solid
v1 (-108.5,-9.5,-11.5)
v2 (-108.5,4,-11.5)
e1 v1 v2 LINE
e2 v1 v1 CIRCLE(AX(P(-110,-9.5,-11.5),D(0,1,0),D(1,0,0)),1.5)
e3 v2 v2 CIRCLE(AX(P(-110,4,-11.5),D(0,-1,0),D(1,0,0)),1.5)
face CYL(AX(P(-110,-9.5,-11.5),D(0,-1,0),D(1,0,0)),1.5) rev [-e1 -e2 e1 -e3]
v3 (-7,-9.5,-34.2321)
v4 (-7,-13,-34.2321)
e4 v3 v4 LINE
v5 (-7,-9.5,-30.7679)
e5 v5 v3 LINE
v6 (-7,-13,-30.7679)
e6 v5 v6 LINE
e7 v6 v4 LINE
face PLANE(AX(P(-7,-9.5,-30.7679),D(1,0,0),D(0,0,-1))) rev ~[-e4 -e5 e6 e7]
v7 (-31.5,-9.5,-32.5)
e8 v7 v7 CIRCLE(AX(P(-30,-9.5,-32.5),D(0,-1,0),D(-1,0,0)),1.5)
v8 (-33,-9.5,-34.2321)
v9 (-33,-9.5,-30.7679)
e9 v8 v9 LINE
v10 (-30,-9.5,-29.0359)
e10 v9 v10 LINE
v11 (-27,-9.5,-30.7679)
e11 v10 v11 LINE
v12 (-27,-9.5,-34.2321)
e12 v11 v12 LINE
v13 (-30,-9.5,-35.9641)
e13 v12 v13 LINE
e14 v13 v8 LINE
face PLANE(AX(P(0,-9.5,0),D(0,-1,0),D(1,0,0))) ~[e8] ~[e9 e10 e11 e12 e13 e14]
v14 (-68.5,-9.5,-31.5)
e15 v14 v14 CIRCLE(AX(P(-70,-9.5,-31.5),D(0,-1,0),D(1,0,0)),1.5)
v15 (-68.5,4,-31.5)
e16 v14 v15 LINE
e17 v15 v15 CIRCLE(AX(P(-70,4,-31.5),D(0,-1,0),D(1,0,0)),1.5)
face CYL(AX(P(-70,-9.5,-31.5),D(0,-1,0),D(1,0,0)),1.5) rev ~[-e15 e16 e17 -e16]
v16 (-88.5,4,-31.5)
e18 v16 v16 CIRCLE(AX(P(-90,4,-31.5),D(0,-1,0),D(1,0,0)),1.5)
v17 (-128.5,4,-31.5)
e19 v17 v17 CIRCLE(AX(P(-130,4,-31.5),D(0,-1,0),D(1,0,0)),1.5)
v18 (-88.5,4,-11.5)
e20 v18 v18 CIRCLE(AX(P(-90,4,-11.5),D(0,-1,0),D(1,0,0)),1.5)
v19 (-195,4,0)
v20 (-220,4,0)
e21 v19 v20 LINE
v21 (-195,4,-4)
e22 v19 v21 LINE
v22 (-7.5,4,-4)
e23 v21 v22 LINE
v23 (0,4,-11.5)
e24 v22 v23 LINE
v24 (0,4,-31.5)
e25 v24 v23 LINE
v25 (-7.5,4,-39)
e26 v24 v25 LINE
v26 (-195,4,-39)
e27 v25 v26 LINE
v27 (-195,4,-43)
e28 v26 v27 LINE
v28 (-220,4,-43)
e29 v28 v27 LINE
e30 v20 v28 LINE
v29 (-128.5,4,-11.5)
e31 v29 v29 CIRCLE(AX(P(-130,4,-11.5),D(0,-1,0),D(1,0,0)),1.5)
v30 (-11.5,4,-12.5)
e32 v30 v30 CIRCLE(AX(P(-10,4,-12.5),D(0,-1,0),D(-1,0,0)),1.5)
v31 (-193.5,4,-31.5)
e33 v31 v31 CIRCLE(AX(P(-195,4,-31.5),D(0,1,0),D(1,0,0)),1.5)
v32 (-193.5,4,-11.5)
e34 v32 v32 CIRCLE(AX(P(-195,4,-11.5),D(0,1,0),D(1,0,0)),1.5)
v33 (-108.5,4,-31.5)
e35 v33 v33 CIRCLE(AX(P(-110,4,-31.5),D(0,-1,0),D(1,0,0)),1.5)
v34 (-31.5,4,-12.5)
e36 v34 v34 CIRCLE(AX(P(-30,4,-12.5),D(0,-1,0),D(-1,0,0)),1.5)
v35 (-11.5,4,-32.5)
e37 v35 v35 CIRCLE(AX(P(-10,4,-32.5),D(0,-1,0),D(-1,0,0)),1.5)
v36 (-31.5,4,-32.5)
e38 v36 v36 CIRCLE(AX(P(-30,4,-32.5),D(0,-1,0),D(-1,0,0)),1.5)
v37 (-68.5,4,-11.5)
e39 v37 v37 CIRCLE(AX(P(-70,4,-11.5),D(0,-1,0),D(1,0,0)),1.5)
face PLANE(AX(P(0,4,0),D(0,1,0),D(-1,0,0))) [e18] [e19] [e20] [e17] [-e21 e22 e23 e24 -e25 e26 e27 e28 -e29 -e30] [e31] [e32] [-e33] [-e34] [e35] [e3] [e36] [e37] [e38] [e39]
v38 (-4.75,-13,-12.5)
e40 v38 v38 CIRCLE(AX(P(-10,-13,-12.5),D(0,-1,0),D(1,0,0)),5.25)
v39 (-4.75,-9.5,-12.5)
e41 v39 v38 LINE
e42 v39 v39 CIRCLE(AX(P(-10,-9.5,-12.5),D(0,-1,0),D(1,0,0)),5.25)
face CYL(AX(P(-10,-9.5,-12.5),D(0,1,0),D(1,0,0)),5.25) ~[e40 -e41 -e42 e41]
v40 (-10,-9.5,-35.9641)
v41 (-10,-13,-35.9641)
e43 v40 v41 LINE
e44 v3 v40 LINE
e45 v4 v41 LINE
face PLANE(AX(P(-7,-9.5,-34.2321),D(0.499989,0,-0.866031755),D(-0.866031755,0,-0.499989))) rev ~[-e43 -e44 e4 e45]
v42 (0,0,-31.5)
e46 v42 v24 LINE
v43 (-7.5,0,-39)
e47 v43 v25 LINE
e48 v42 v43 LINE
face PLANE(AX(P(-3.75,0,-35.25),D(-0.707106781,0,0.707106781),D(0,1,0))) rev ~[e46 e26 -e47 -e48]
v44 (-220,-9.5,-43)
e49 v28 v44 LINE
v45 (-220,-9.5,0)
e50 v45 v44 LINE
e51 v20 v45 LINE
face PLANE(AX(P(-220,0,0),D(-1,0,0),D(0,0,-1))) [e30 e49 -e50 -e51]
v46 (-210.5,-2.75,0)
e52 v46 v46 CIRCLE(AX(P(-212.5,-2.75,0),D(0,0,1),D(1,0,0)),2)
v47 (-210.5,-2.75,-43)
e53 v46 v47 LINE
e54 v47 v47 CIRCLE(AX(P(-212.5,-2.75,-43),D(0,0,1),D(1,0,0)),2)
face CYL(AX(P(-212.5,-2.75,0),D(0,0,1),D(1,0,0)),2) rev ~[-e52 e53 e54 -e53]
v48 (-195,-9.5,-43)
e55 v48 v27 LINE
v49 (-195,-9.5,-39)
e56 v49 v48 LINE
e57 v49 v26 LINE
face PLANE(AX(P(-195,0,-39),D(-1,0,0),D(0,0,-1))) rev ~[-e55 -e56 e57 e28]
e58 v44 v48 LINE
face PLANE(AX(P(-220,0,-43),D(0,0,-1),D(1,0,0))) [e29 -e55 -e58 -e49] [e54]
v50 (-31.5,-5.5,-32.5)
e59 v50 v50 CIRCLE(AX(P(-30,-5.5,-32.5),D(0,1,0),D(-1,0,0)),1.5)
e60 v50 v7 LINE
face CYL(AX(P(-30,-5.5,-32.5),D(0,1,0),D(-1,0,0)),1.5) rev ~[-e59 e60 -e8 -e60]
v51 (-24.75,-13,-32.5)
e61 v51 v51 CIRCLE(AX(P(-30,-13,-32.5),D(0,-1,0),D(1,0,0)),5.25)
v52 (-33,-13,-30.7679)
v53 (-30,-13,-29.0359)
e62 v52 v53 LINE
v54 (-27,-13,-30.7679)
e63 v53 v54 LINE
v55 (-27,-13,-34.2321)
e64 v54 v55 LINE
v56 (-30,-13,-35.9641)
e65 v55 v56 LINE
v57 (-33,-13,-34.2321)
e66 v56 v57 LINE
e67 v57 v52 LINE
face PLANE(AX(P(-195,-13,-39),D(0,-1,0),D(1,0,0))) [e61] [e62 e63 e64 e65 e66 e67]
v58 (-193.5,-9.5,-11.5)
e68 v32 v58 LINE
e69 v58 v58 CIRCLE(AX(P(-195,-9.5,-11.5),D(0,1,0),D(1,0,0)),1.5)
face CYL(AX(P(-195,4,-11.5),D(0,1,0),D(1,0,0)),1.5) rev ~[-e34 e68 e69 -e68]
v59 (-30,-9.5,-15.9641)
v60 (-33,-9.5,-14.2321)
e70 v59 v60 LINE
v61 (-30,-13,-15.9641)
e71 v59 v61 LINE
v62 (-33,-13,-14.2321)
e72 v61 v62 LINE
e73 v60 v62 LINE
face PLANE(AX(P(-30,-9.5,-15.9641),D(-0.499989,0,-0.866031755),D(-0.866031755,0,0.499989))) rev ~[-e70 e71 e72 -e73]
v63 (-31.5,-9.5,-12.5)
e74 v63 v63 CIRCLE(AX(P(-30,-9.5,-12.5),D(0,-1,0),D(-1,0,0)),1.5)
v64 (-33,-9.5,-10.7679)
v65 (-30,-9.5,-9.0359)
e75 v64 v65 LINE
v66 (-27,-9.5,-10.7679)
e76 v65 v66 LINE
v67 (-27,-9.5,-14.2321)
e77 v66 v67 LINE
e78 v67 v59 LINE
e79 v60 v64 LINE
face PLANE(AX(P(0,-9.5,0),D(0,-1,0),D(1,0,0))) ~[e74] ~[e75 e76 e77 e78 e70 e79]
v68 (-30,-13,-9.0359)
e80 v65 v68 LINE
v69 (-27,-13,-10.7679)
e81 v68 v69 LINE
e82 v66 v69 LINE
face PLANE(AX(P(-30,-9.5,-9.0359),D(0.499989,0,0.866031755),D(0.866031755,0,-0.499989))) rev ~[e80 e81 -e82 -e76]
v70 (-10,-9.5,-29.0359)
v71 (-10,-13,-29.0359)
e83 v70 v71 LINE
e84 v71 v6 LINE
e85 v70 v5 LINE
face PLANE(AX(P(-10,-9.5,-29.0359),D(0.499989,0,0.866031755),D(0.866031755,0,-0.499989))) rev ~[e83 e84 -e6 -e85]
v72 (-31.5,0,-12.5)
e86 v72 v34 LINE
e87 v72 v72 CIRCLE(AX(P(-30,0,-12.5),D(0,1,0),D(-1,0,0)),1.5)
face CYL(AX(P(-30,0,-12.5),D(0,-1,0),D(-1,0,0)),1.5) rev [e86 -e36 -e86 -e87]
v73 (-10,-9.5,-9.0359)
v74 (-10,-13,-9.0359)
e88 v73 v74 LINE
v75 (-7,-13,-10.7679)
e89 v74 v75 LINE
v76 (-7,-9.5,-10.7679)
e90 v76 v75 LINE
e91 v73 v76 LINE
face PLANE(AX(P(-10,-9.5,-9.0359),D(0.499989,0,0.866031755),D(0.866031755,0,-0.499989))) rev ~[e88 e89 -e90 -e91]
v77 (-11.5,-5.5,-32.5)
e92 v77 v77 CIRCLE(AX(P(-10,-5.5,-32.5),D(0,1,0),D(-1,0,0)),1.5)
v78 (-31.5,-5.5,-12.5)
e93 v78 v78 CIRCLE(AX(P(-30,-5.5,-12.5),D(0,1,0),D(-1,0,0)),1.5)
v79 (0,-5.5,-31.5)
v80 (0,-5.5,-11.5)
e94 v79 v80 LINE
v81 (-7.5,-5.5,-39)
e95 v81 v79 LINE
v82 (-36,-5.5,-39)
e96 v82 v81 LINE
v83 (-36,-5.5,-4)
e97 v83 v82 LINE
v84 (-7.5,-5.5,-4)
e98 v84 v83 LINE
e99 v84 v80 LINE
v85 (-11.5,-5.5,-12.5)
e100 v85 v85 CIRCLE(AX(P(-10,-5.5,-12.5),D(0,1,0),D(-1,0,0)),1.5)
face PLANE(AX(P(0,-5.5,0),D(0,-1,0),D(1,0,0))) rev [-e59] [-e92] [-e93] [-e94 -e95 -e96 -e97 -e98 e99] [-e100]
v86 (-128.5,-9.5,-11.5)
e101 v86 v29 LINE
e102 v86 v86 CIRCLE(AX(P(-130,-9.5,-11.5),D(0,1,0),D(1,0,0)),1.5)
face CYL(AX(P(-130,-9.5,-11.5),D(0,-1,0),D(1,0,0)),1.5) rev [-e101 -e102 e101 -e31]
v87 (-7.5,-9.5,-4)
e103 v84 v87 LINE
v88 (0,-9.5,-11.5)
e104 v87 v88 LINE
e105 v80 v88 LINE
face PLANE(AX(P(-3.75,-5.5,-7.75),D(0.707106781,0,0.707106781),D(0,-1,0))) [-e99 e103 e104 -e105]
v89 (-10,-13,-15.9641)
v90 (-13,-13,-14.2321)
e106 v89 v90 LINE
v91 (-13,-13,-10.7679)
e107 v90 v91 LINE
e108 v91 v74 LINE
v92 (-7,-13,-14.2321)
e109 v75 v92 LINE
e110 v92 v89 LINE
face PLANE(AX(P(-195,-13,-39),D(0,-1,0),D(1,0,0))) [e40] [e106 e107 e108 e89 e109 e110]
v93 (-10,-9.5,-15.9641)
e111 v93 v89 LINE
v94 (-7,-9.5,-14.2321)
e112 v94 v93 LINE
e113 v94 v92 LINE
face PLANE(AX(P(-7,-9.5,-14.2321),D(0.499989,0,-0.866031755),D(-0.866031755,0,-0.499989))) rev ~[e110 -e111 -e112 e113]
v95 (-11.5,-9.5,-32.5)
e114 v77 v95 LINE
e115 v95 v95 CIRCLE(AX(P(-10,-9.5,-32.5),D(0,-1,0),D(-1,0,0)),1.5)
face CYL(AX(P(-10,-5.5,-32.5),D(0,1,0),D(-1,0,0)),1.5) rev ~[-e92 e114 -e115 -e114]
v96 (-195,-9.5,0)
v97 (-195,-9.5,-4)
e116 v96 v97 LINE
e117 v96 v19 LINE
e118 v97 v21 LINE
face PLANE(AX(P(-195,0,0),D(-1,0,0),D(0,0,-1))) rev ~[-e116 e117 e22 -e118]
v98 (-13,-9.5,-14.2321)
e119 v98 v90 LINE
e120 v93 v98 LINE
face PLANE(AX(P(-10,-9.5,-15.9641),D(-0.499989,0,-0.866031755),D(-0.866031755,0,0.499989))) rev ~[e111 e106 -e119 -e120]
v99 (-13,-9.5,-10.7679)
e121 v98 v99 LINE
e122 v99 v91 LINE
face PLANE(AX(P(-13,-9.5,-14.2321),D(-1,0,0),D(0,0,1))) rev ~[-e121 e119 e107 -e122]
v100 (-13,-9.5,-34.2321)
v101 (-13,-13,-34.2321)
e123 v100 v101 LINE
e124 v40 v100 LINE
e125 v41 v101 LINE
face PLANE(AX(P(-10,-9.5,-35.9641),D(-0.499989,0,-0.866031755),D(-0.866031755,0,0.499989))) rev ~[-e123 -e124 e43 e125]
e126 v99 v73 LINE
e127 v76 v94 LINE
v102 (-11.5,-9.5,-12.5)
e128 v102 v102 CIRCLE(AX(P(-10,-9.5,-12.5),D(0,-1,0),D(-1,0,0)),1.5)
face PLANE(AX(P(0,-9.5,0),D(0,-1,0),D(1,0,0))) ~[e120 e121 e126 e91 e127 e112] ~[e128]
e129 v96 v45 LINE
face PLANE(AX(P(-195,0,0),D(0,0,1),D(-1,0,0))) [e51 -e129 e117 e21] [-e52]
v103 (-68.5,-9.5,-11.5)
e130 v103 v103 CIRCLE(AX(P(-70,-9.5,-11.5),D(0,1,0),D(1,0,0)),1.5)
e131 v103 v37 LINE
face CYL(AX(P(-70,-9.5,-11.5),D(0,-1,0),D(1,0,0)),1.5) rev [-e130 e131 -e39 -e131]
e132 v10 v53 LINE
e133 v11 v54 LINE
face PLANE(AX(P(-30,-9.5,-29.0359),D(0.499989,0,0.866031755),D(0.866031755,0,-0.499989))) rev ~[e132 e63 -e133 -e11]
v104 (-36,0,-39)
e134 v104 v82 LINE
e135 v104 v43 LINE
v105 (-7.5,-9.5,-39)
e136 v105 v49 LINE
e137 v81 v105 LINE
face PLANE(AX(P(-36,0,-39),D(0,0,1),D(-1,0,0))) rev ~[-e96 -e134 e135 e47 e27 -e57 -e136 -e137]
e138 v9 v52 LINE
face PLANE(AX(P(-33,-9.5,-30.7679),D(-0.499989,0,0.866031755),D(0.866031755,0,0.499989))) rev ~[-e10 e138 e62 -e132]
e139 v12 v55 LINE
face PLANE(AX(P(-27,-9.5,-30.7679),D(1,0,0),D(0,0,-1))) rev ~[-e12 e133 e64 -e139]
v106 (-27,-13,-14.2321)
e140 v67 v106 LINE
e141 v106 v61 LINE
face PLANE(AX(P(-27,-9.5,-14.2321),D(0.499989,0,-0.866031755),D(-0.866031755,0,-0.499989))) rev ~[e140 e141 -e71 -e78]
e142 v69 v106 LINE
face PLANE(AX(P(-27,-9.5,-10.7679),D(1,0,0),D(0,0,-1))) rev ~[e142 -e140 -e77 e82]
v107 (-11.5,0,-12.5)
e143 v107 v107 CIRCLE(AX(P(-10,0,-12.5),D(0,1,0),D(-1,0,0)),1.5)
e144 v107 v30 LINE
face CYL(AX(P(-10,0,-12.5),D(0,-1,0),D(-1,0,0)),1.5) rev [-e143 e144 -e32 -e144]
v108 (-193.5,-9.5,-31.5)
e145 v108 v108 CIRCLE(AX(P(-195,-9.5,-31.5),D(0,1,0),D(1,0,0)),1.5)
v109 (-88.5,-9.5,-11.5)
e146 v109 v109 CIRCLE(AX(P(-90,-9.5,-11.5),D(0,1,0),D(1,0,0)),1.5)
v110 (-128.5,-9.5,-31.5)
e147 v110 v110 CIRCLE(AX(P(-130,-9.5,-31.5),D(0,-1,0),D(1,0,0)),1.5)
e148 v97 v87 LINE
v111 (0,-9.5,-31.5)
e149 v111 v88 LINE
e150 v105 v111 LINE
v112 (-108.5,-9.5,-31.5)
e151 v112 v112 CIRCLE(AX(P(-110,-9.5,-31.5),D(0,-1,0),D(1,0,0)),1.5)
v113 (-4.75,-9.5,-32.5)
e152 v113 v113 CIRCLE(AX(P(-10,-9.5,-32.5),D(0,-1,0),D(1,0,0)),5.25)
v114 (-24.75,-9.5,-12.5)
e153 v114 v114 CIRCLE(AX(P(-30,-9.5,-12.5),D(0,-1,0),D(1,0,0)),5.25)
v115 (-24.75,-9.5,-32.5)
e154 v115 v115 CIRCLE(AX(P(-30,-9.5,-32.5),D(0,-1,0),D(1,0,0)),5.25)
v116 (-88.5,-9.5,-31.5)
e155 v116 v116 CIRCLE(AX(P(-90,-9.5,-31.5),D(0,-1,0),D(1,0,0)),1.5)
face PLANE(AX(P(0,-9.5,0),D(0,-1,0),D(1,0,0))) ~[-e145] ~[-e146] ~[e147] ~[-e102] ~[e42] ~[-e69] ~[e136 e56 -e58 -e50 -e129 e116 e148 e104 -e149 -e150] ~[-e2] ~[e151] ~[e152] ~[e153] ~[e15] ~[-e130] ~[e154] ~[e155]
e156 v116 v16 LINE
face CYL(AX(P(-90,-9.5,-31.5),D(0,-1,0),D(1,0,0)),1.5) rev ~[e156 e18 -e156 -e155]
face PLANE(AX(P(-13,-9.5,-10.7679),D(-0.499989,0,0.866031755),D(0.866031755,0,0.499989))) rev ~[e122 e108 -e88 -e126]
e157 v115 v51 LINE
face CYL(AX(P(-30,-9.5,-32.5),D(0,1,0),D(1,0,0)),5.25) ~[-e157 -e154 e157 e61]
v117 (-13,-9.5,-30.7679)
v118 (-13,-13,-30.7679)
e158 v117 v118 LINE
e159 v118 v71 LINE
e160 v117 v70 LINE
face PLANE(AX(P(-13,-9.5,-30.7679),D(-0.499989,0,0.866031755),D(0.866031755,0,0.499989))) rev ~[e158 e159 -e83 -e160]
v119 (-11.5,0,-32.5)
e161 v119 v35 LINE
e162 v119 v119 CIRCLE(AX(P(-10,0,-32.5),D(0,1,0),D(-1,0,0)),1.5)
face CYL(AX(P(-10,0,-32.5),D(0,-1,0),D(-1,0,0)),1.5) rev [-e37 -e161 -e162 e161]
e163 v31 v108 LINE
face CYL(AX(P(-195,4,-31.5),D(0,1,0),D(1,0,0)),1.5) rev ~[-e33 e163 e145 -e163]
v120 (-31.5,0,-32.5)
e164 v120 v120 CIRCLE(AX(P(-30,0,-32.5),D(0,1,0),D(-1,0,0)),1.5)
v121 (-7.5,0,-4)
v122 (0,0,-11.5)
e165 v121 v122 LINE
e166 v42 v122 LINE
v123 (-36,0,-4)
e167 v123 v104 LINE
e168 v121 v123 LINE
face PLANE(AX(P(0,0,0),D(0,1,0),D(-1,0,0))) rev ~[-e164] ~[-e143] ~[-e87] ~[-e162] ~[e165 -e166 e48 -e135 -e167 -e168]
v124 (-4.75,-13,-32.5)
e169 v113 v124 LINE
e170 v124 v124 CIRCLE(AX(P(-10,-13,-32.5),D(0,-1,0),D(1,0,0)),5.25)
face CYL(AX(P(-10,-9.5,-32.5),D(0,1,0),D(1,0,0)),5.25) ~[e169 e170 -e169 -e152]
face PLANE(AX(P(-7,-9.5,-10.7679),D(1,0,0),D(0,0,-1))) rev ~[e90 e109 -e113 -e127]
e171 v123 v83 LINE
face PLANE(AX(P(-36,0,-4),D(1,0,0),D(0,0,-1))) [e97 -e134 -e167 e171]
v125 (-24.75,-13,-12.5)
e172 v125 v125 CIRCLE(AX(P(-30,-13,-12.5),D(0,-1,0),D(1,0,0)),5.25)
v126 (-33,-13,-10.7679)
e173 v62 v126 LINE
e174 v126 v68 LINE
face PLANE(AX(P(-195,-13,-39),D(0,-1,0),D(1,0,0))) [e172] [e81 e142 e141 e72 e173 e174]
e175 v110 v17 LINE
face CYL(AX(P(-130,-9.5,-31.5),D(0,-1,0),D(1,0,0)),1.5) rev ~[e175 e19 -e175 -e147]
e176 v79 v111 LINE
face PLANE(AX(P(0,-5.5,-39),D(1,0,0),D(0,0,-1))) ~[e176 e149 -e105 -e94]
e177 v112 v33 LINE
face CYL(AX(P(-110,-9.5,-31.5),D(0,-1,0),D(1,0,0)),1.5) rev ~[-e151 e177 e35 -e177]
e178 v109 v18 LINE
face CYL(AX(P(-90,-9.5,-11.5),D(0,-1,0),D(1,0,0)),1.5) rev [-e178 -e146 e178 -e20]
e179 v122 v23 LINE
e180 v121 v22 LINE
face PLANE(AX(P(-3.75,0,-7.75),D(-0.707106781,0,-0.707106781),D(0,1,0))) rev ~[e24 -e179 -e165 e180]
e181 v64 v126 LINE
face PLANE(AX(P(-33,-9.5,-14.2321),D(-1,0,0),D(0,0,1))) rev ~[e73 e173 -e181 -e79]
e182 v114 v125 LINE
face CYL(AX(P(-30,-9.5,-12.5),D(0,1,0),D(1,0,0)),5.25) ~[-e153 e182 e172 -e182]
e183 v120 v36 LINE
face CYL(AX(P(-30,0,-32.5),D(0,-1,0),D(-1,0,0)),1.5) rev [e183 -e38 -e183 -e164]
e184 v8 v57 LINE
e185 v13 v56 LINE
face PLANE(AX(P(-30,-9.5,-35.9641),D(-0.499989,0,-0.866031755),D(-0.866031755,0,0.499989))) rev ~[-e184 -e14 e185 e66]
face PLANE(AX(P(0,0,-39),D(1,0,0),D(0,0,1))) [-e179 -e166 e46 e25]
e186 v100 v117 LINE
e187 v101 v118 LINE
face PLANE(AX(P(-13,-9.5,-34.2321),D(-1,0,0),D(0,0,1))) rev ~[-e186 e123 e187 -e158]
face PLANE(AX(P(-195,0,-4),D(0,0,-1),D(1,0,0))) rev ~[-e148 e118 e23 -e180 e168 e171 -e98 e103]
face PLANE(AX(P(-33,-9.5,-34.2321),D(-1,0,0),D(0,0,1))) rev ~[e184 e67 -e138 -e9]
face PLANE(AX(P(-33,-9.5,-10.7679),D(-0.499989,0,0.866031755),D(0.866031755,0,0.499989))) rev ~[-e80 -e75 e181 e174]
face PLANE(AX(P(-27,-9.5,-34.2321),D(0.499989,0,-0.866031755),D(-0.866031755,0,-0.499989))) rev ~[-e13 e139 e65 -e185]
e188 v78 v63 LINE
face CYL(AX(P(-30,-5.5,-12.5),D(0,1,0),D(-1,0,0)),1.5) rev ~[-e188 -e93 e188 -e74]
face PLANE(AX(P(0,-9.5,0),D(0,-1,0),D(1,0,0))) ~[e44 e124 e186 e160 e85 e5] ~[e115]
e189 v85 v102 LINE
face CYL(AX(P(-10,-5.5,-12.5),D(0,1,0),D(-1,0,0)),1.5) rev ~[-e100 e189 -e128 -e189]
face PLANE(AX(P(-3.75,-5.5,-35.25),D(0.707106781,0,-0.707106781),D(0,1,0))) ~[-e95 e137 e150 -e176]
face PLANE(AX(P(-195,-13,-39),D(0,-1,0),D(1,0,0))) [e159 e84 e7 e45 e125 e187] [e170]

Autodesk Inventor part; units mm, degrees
sketch "Sketch1" plane through (0, 0, 0) normal (0, 1, 0) x (-1, 0, 0)
  line L0 (0, 0) -> (220, 0)
  line L1 (220, 0) -> (220, -43)
  line L2 (220, -43) -> (0, -43)
  line L3 (0, -43) -> (0, 0)
  line L4 (10, -12.5) -> (30, -12.5)
  line L5 (30, -12.5) -> (30, -32.5)
  line L6 (30, -32.5) -> (10, -32.5)
  line L7 (10, -32.5) -> (10, -12.5)
  circle A0 centre (10, -12.5) radius 1.5
  circle A1 centre (30, -32.5) radius 1.5
  circle A2 centre (30, -12.5) radius 1.5
  circle A3 centre (10, -32.5) radius 1.5
  line L8 (220, 0) -> (195, 0)
  line L9 (195, 0) -> (195, -43)
  line L10 (195, -43) -> (220, -43)
  line L11 (220, -43) -> (220, 0)
  line L12 (195, -4) -> (0, -4)
  line L13 (0, -4) -> (0, -39)
  line L14 (0, -39) -> (195, -39)
  line L15 (195, -39) -> (195, -4)
  line L16 (36, -4) -> (36, -39)
  point P0 (195, 0)
  point P1 (0, -4)
  dimension "d0" = 220
  dimension "d1" = 43
  dimension "d2" = 20
  dimension "d3" = 20
  dimension "d4" = 12.5
  dimension "d5" = 10
  dimension "d6" = 3
  dimension "d7" = 3
  dimension "d8" = 3
  dimension "d9" = 3
  dimension "d18" = 4
  dimension "d19" = 4
  dimension "d23" = 36
  dimension "d66" = 25
extrude "Extrusion1" add sketch "Sketch1" along normal blind 4 contours L0 L1 L2 L9 | L12 L16 L14 L3 | L9 L14 L16 L12 | L4 A2 L5 A1 L6 A3 L7 A0
extrude "Extrusion2" add sketch "Sketch1" against normal blind 5.5 contours L0 L1 L2 L9 | L9 L14 L16 L12
ref_plane "Work Plane1" through (0, -2.75, 0) normal (0, -1, 0) x (1, 0, 0)
mirror "Mirror1" about plane through (0, -2.75, 0) normal (0, -1, 0) of "Extrusion1"
chamfer "Chamfer1" distance 7.5 angle 45 4 edges at (0, 2, -4) (0, -7.5, -4) (0, -7.5, -39) (0, 2, -39)
ref_plane "Work Plane2" through (-152.5, -8.5, -20) normal (0, 0, -1) x (-1, 0, 0)
sketch "Sketch5" plane through (-195, -9.5, -39) normal (0, -1, 0) x (1, 0, 0)
  circle A0 centre (165, 26.5) radius 1.5 projected
  line L0 (165, 29.9641) -> (168, 28.2321)
  line L1 (168, 28.2321) -> (168, 24.7679)
  line L2 (168, 24.7679) -> (165, 23.0359)
  line L3 (165, 23.0359) -> (162, 24.7679)
  line L4 (162, 24.7679) -> (162, 28.2321)
  line L5 (162, 28.2321) -> (165, 29.9641)
  circle A1 centre (185, 26.5) radius 1.5 projected
  line L6 (185, 29.9641) -> (188, 28.2321)
  line L7 (188, 28.2321) -> (188, 24.7679)
  line L8 (188, 24.7679) -> (185, 23.0359)
  line L9 (185, 23.0359) -> (182, 24.7679)
  line L10 (182, 24.7679) -> (182, 28.2321)
  line L11 (182, 28.2321) -> (185, 29.9641)
  circle A2 centre (185, 6.5) radius 1.5 projected
  line L12 (185, 9.9641) -> (188, 8.2321)
  line L13 (188, 8.2321) -> (188, 4.7679)
  line L14 (188, 4.7679) -> (185, 3.0359)
  line L15 (185, 3.0359) -> (182, 4.7679)
  line L16 (182, 4.7679) -> (182, 8.2321)
  line L17 (182, 8.2321) -> (185, 9.9641)
  circle A3 centre (165, 6.5) radius 1.5 projected
  line L18 (165, 9.9641) -> (168, 8.2321)
  line L19 (168, 8.2321) -> (168, 4.7679)
  line L20 (168, 4.7679) -> (165, 3.0359)
  line L21 (165, 3.0359) -> (162, 4.7679)
  line L22 (162, 4.7679) -> (162, 8.2321)
  line L23 (162, 8.2321) -> (165, 9.9641)
  circle A4 centre (165, 26.5) radius 5.25
  circle A5 centre (185, 26.5) radius 5.25
  circle A6 centre (185, 6.5) radius 5.25
  circle A7 centre (165, 6.5) radius 5.25
  point P0 (195, 39)
  dimension "d44" = 6
  dimension "d45" = 6
  dimension "d46" = 6
  dimension "d47" = 6
  dimension "d48" = 10.5
  dimension "d49" = 10.5
  dimension "d50" = 10.5
  dimension "d51" = 10.5
extrude "Extrusion5" add sketch "Sketch5" along normal blind 3.5 contours A4 | A5 | A6 | A7
sketch "Sketch6" plane through (-195, -9.5, -39) normal (0, -1, 0) x (1, 0, 0)
  circle A0 centre (65, 7.5) radius 1.5
  line L0 (187.5, 0) -> (0, 0) projected
  line L1 (0, 0) -> (0, -4) projected
  circle A1 centre (85, 7.5) radius 1.5
  circle A2 centre (105, 7.5) radius 1.5
  circle A3 centre (125, 7.5) radius 1.5
  point P0 (195, 39)
  point P1 (0, -5)
  dimension "d54" = 3
  dimension "d55" = 7.5
  dimension "d56" = 65
  dimension "d59" = 20
extrude "Extrusion6" cut sketch "Sketch6" against normal blind 33.25
ref_plane "Work Plane3" through (-195, -9.5, -21.5) normal (0, 0, -1) x (-1, 0, 0)
mirror "Mirror2" about plane through (-195, -9.5, -21.5) normal (0, 0, -1) of "Extrusion6"
sketch "Sketch7" plane through (-220, 4, 0) normal (0, 0, 1) x (1, 0, 0)
  point P0 (220, -4)
ref_plane "Work Plane4" through (-195, -9.5, -21.5) normal (0, 0, 1) x (1, 0, 0)
sketch "Sketch9" plane through (-220, 4, 0) normal (0, 0, 1) x (1, 0, 0)
  circle A0 centre (7.5, -6.75) radius 2
  line L0 (0, -13.5) -> (0, 0) projected
  line L1 (0, 0) -> (25, 0) projected
  point P0 (220, -4)
  dimension "d75" = 4
  dimension "d76" = 7.5
  dimension "d77" = 6.75
extrude "Extrusion8" cut sketch "Sketch9" against normal blind 73.25
sketch "Sketch10" plane through (0, 4, 0) normal (0, 1, 0) x (1, 0, 0)
  circle A0 centre (-195, 31.5) radius 1.5
  circle A1 centre (-195, 11.5) radius 1.5
  circle A2 centre (-90, 11.5) radius 1.5 projected
  circle A3 centre (-110, 11.5) radius 1.5 projected
  circle A4 centre (-70, 11.5) radius 1.5 projected
  circle A5 centre (-130, 11.5) radius 1.5 projected
  circle A6 centre (-90, 31.5) radius 1.5 projected
  circle A7 centre (-110, 31.5) radius 1.5 projected
  circle A8 centre (-70, 31.5) radius 1.5 projected
  circle A9 centre (-130, 31.5) radius 1.5 projected
  line L0 (-7.5, 39) -> (0, 31.5) projected
  line L1 (-7.5, 39) -> (-195, 39) projected
  line L2 (-195, 39) -> (-195, 43) projected
  line L3 (-195, 43) -> (-220, 43) projected
  line L4 (-220, 43) -> (-220, 0) projected
  line L5 (-220, 0) -> (-195, 0) projected
  line L6 (-195, 0) -> (-195, 4) projected
  line L7 (-195, 4) -> (-7.5, 4) projected
  line L8 (0, 11.5) -> (-7.5, 4) projected
  line L9 (0, 11.5) -> (0, 31.5) projected
  circle A10 centre (-10, 32.5) radius 1.5 projected
  circle A11 centre (-30, 32.5) radius 1.5 projected
  circle A12 centre (-30, 12.5) radius 1.5 projected
  circle A13 centre (-10, 12.5) radius 1.5 projected
  point P0 (0, 0)
  dimension "d80" = 65
  dimension "d81" = 3
  dimension "d82" = 3
extrude "Extrusion9" cut sketch "Sketch10" against normal blind 23.75 contours A0 | A1
properties part number "RobotBaseMotorExt"
